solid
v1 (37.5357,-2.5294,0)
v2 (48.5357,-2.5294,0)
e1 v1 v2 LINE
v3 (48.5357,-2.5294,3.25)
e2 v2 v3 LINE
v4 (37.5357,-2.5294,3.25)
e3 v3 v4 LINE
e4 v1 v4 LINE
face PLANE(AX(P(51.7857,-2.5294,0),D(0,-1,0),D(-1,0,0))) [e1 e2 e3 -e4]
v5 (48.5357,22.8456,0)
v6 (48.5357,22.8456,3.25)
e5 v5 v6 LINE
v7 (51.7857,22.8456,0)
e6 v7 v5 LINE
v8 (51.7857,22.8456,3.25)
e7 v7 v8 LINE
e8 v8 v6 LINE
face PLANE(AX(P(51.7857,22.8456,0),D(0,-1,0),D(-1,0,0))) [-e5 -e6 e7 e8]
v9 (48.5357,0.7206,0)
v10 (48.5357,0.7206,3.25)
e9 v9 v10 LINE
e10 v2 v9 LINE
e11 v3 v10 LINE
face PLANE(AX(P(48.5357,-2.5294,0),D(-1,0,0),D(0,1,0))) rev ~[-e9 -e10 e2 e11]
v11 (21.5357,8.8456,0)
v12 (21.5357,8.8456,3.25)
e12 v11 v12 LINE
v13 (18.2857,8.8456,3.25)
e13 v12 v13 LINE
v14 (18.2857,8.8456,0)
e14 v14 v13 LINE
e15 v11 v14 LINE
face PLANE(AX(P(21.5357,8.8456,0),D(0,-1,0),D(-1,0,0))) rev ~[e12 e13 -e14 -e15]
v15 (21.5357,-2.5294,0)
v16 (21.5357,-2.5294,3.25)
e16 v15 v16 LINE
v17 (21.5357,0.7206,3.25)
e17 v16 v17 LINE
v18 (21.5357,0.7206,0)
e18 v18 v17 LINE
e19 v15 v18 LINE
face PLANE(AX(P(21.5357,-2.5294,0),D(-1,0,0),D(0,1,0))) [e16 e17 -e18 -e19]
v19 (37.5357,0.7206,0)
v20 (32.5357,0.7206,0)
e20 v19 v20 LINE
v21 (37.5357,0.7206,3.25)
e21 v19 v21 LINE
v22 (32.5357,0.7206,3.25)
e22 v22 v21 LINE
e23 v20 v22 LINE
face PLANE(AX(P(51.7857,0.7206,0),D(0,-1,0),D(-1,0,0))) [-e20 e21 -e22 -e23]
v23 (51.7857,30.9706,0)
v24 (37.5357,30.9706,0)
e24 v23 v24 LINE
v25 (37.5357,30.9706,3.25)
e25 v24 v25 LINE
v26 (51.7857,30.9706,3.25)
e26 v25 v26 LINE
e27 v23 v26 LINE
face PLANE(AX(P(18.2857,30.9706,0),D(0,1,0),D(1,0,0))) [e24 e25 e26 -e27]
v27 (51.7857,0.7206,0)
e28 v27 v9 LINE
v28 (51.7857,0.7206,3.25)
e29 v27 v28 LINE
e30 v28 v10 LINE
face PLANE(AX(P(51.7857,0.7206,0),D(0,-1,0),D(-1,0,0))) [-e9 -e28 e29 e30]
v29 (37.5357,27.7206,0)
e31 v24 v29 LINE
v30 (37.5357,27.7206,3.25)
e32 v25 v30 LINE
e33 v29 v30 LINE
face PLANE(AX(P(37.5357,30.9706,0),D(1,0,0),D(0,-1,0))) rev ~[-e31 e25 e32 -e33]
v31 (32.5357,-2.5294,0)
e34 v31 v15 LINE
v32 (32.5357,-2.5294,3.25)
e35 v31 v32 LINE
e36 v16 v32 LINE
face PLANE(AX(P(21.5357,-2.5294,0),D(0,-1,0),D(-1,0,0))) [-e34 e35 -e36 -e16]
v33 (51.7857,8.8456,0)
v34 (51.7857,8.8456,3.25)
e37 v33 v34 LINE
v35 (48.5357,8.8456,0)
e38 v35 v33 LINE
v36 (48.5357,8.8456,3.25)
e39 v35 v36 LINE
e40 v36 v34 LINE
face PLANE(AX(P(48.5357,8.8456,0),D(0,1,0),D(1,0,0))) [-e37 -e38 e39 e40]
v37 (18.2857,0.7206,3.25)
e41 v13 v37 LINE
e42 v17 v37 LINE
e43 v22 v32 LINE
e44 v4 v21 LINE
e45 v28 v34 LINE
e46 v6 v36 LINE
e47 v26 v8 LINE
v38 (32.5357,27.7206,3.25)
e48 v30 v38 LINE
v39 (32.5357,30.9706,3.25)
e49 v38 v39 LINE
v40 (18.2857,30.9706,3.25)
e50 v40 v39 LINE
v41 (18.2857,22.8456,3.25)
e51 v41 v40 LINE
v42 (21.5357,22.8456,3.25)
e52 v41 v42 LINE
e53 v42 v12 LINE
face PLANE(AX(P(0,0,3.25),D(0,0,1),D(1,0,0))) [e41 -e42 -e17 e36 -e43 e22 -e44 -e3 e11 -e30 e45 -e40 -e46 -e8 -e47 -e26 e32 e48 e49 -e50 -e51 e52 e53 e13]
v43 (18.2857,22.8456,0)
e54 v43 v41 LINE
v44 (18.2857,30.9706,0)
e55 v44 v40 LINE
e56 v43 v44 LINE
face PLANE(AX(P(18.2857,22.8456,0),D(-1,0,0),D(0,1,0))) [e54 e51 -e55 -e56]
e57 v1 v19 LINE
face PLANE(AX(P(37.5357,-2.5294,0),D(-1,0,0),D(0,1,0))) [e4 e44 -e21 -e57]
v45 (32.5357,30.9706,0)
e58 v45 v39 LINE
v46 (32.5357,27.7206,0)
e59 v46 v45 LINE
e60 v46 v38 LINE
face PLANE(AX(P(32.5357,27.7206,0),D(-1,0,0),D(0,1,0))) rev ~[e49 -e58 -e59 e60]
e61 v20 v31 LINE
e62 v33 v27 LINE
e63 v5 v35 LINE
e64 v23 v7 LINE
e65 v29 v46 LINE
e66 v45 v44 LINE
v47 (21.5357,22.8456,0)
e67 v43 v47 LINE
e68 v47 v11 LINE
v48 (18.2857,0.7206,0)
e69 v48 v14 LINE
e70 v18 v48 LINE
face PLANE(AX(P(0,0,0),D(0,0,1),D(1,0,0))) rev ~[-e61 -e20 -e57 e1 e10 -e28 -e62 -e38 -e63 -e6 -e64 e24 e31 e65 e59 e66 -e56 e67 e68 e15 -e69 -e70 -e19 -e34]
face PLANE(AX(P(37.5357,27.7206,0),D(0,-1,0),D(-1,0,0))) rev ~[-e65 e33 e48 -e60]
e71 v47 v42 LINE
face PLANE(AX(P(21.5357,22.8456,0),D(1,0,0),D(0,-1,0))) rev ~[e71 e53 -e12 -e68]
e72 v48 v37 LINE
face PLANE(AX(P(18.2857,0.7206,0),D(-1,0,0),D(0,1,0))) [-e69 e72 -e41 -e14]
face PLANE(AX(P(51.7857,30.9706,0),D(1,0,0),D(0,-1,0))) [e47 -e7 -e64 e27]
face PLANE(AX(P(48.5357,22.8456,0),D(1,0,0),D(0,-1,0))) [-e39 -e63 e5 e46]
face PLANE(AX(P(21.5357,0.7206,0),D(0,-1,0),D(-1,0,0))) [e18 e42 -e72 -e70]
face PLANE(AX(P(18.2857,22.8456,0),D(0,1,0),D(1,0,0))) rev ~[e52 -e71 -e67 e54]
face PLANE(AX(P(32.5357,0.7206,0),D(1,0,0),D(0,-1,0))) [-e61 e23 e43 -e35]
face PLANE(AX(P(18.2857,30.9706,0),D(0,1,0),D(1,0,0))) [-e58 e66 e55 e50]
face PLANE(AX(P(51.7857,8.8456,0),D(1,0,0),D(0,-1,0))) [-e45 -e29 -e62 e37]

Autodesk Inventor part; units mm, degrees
ref_plane "YZ Plane" through (0, 0, 0) normal (1, 0, 0) x (0, 1, 0)
ref_plane "XZ Plane" through (0, 0, 0) normal (0, 1, 0) x (-1, 0, 0)
ref_plane "XY Plane" through (0, 0, 0) normal (0, 0, 1) x (1, 0, 0)
sketch "Block1" plane through (0, 0, 0) normal (0, 0, 1) x (1, 0, 0)
  circle A0 centre (74.029, 24.2723) radius 1
  line L0 (49.279, 30.4723) -> (71.779, 30.4723)
  line L1 (71.779, 30.4723) -> (71.779, 18.0723)
  line L2 (71.779, 18.0723) -> (49.279, 18.0723)
  line L3 (49.279, 18.0723) -> (49.279, 30.4723)
  line L4 (49.279, 30.4723) -> (44.779, 30.4723)
  line L5 (44.779, 30.4723) -> (44.779, 18.0723)
  line L6 (44.779, 18.0723) -> (49.279, 18.0723)
  line L7 (49.279, 18.0723) -> (49.279, 30.4723)
  line L8 (71.779, 30.4723) -> (76.279, 30.4723)
  line L9 (76.279, 30.4723) -> (76.279, 18.0723)
  line L10 (76.279, 18.0723) -> (71.779, 18.0723)
  line L11 (71.779, 18.0723) -> (71.779, 30.4723)
  line L12 (44.779, 24.2723) -> (76.279, 24.2723) construction
  line L13 (47.029, 30.4723) -> (47.029, 18.0723) construction
  circle A1 centre (47.029, 24.2723) radius 1
  line L14 (74.029, 30.4723) -> (74.029, 18.0723) construction
  point P0 (60.979, 24.0984)
  dimension "d7" = 22.5
  dimension "d8" = 12.4
  dimension "d9" = 4.5
  dimension "d10" = 4.5
  dimension "d11" = 2
  dimension "d12" = 2
sketch "Sketch1" plane through (0, 0, 0) normal (0, 0, 1) x (1, 0, 0)
  line L0 (-92.7646, -8.503) -> (-89.7646, -8.503)
  line L1 (-89.7646, -8.503) -> (-89.7646, -11.753)
  line L2 (-89.7646, -11.753) -> (-92.7646, -11.753)
  line L3 (-92.7646, -11.753) -> (-92.7646, -8.503)
  line L4 (-92.7646, -21.6527) -> (-89.7646, -21.6527)
  line L5 (-89.7646, -21.6527) -> (-89.7646, -21.7527)
  line L6 (-89.7646, -21.7527) -> (-92.7646, -21.7527)
  line L7 (-92.7646, -21.7527) -> (-92.7646, -21.6527)
  line L8 (18.2857, 30.9706) -> (51.7857, 30.9706)
  line L9 (51.7857, 30.9706) -> (51.7857, 0.7206)
  line L10 (51.7857, 0.7206) -> (18.2857, 0.7206)
  line L11 (18.2857, 0.7206) -> (18.2857, 30.9706)
  line L12 (18.2857, 22.8456) -> (21.5357, 22.8456)
  line L13 (21.5357, 22.8456) -> (21.5357, 8.8456)
  line L14 (21.5357, 8.8456) -> (18.2857, 8.8456)
  line L15 (18.2857, 8.8456) -> (18.2857, 22.8456)
  line L16 (35.0357, 30.9706) -> (35.0357, 0.7206) construction
  line L17 (51.7857, 22.8456) -> (48.5357, 22.8456)
  line L18 (48.5357, 22.8456) -> (48.5357, 8.8456)
  line L19 (48.5357, 8.8456) -> (51.7857, 8.8456)
  line L20 (51.7857, 8.8456) -> (51.7857, 22.8456)
  line L21 (32.5357, -2.5294) -> (37.5357, -2.5294)
  line L22 (37.5357, -2.5294) -> (37.5357, 0.7206)
  line L23 (37.5357, 0.7206) -> (32.5357, 0.7206)
  line L24 (32.5357, 0.7206) -> (32.5357, -2.5294)
  line L25 (35.0357, 0.7206) -> (35.0357, -2.5294) construction
  line L26 (18.2857, 14.2206) -> (51.7857, 14.2206) construction
  line L27 (32.5357, 30.9706) -> (37.5357, 30.9706)
  line L28 (37.5357, 30.9706) -> (37.5357, 27.7206)
  line L29 (37.5357, 27.7206) -> (32.5357, 27.7206)
  line L30 (32.5357, 27.7206) -> (32.5357, 30.9706)
  line L31 (35.0357, 27.7206) -> (35.0357, 30.9706) construction
  line L32 (18.2857, 0.7206) -> (51.7857, 0.7206)
  line L33 (51.7857, 0.7206) -> (51.7857, -2.5294)
  line L34 (51.7857, -2.5294) -> (18.2857, -2.5294)
  line L35 (18.2857, -2.5294) -> (18.2857, 0.7206)
  line L36 (18.2857, -2.5294) -> (21.5357, -2.5294)
  line L37 (21.5357, -2.5294) -> (21.5357, 0.7206)
  line L38 (21.5357, 0.7206) -> (18.2857, 0.7206)
  line L39 (18.2857, 0.7206) -> (18.2857, -2.5294)
  line L40 (51.7857, -2.5294) -> (48.5357, -2.5294)
  line L41 (48.5357, -2.5294) -> (48.5357, 0.7206)
  line L42 (48.5357, 0.7206) -> (51.7857, 0.7206)
  line L43 (51.7857, 0.7206) -> (51.7857, -2.5294)
  point P0 (0, 0)
  point P1 (35.0357, 27.7206)
  dimension "d0" = 3
  dimension "mat" = 3.25
  dimension "d2" = 3
  dimension "d3" = 0.1
  dimension "d32" = 33.5
  dimension "d34" = 3.25
  dimension "d35" = 14
  dimension "d36" = 8.125
  dimension "d39" = 5
  dimension "d40" = 3.25
  dimension "d45" = 8.125
  dimension "d46" = 3.25
extrude "Extrusion3" add sketch "Sketch1" along normal blind 3.25 contours L8 L30 L29 L28 L9 L17 L18 L19 L10 L11 L14 L13 L12 | L8 L28 L29 L30
extrude "Extrusion6" add sketch "Sketch1" along normal blind 3.25 contours L10 L37 L34 L35 | L10 L24 L34 L37 | L33 L34 L41 L10 | L10 L41 L34 L22
extrude "Extrusion7" cut sketch "Sketch1" along normal blind 3.25 contours L10 L37 L34 L35 | L33 L34 L41 L10
extrude "Extrusion8" cut sketch "Sketch1" along normal blind 3.25 contours L8 L28 L29 L30
equation "\"d34\" = mat"
equation "\"d40\" = mat"
equation "\"d46\" = mat"
equation "\"d37\" = mat"
equation "\"d47\" = mat"
equation "\"d49\" = mat"
equation "\"d51\" = mat"
properties part number "arm-servo"
